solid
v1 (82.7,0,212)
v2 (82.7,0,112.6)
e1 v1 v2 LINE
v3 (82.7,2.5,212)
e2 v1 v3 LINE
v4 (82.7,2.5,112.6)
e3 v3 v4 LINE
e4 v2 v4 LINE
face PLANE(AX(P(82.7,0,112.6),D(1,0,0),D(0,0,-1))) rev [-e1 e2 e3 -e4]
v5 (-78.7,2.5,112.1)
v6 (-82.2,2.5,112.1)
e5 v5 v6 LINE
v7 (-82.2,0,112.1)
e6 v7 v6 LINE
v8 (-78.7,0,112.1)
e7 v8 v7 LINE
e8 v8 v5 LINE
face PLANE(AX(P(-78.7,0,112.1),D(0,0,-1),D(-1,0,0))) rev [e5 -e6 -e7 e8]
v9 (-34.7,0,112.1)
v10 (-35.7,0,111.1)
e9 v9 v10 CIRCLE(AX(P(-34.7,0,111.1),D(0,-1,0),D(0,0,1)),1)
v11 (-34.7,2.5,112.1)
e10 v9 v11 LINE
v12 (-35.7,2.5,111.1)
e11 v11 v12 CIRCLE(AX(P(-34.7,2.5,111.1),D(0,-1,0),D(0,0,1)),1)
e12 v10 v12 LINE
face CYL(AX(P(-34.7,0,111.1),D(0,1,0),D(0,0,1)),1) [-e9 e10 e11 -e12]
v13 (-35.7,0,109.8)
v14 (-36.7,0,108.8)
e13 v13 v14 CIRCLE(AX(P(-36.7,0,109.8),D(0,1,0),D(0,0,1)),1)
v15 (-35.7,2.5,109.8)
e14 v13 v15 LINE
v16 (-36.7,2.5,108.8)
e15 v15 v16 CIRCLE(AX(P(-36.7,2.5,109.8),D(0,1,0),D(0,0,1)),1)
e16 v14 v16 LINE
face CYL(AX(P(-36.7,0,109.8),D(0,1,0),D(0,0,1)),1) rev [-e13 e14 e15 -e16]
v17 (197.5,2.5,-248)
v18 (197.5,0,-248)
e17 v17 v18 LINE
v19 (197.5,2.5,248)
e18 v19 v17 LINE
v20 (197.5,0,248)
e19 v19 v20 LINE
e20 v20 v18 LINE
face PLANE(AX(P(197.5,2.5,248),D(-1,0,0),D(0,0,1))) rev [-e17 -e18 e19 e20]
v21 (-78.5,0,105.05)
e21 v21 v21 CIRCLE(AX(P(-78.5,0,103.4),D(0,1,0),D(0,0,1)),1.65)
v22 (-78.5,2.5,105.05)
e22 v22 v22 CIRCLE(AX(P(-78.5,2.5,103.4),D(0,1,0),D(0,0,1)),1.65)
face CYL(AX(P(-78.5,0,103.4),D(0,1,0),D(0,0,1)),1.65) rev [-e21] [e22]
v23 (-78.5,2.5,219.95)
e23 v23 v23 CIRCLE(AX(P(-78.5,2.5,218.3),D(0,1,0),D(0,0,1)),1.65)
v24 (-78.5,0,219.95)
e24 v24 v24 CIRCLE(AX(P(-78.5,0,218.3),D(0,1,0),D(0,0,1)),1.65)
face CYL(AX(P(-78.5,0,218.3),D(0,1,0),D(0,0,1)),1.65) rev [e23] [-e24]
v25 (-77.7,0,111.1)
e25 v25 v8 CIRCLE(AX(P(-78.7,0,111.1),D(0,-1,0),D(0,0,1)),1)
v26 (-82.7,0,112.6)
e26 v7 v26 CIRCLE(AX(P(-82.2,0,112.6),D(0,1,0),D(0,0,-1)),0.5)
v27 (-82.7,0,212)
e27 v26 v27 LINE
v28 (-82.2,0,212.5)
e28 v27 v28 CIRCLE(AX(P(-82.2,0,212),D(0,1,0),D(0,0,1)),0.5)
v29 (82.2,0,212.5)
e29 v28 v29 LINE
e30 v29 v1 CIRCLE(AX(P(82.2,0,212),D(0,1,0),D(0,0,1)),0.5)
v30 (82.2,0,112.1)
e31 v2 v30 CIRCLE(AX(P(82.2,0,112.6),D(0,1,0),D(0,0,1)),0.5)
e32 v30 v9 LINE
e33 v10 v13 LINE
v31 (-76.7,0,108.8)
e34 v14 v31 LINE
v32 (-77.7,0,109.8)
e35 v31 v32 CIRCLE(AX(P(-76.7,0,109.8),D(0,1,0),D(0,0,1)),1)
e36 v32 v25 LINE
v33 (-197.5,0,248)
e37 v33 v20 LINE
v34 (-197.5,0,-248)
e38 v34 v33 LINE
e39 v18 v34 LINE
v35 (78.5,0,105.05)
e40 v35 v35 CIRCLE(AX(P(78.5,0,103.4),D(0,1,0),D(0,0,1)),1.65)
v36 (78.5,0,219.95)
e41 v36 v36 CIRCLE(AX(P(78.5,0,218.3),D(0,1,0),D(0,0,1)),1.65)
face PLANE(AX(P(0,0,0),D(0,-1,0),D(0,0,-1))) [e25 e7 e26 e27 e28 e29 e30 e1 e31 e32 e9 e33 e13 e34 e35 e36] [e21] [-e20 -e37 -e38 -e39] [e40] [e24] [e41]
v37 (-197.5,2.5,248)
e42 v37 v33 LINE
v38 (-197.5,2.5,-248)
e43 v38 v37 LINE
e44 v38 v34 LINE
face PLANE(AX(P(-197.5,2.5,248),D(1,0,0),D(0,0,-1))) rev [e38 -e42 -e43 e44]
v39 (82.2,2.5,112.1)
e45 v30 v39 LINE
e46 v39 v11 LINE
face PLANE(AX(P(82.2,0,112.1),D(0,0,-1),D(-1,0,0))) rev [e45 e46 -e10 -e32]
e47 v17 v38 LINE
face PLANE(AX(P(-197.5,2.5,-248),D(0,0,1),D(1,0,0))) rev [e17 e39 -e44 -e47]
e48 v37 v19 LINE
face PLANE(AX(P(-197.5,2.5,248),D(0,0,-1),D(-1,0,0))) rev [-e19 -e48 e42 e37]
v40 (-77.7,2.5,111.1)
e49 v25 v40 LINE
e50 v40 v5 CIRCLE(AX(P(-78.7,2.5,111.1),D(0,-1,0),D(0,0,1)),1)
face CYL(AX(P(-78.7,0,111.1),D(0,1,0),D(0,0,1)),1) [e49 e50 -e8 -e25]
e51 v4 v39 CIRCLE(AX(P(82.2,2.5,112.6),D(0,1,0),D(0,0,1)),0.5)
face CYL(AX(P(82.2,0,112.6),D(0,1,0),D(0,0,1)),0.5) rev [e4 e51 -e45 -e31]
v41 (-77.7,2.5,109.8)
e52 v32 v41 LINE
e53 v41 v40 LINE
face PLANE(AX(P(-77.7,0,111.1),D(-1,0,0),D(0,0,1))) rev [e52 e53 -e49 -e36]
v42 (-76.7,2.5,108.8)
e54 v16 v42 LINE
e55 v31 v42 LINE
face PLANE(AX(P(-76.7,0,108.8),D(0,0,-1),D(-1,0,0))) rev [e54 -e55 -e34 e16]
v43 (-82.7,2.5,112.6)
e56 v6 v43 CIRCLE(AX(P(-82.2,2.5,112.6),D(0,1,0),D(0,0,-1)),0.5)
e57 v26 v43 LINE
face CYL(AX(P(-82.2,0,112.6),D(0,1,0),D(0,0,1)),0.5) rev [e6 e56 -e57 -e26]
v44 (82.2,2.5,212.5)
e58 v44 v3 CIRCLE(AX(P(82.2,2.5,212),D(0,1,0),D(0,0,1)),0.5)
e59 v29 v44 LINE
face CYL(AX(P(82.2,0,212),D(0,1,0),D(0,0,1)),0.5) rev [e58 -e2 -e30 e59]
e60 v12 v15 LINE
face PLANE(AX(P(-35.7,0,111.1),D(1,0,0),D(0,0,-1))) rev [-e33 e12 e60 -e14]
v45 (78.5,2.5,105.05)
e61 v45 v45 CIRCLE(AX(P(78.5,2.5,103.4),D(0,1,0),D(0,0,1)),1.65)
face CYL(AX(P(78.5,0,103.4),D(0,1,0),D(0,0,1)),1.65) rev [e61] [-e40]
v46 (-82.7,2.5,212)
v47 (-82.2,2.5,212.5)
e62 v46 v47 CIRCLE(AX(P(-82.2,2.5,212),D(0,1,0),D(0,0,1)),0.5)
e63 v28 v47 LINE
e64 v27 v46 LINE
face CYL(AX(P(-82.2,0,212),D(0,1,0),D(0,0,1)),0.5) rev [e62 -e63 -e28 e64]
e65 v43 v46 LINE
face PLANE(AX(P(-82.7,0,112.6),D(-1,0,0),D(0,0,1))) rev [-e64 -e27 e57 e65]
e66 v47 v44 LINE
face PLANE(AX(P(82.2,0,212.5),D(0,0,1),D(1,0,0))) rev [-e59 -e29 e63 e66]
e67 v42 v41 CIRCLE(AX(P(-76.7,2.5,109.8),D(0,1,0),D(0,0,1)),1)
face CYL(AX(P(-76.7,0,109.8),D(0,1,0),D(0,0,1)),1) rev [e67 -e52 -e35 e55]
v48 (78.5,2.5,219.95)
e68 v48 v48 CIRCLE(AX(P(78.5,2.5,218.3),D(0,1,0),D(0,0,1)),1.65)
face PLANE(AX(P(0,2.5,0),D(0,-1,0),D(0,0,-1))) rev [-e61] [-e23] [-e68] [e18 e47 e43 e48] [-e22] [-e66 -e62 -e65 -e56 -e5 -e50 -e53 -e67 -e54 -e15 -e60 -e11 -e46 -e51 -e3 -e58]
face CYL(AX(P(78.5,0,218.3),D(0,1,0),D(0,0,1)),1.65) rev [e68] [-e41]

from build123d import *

# Parameters (mm, degrees)
SKETCH1_W           = 395
SKETCH1_H           = 496
BOSS_EXTRUDE1_DEPTH = 2.5
CUT_EXTRUDE1_DEPTH  = 2.5
SKETCH6_R           = 1.65
CUT_EXTRUDE2_DEPTH  = 2.5


with BuildPart() as part:
    # Sketch1 → Boss-Extrude1 (new body)
    with BuildSketch(Plane(origin=(0, 0, 0), x_dir=(1, 0, 0), z_dir=(0, 1, 0))):
        Rectangle(SKETCH1_W, SKETCH1_H)
    extrude(amount=BOSS_EXTRUDE1_DEPTH)

    # Sketch4 → Cut-Extrude1 (cut)
    with BuildSketch(Plane(origin=(0, 2.5, 0), x_dir=(1, 0, 0), z_dir=(0, 1, 0))):
        with BuildLine():
            Line((-78.7, -112.1), (-82.2, -112.1))
            ThreePointArc((-82.2, -112.1), (-82.553553391, -112.246446609), (-82.7, -112.6))
            Line((-82.7, -112.6), (-82.7, -212))
            ThreePointArc((-82.7, -212), (-82.553553391, -212.353553391), (-82.2, -212.5))
            Line((-82.2, -212.5), (82.2, -212.5))
            ThreePointArc((82.2, -212.5), (82.553553391, -212.353553391), (82.7, -212))
            Line((82.7, -212), (82.7, -112.6))
            ThreePointArc((82.7, -112.6), (82.553553391, -112.246446609), (82.2, -112.1))
            Line((82.2, -112.1), (-34.7, -112.1))
            ThreePointArc((-34.7, -112.1), (-35.407106781, -111.807106781), (-35.7, -111.1))
            Line((-35.7, -111.1), (-35.7, -109.8))
            ThreePointArc((-35.7, -109.8), (-35.992893219, -109.092893219), (-36.7, -108.8))
            Line((-36.7, -108.8), (-76.7, -108.8))
            ThreePointArc((-76.7, -108.8), (-77.407106781, -109.092893219), (-77.7, -109.8))
            Line((-77.7, -109.8), (-77.7, -111.1))
            ThreePointArc((-77.7, -111.1), (-77.992893219, -111.807106781), (-78.7, -112.1))
        make_face()
    extrude(amount=-CUT_EXTRUDE1_DEPTH, mode=Mode.SUBTRACT)

    # Sketch6 → Cut-Extrude2 (cut)
    with BuildSketch(Plane(origin=(0, 2.5, 0), x_dir=(1, 0, 0), z_dir=(0, 1, 0))):
        with Locations((78.5, -103.4)):
            Circle(SKETCH6_R)
        with Locations((-78.5, -103.4)):
            Circle(SKETCH6_R)
        with Locations((-78.5, -218.3)):
            Circle(SKETCH6_R)
        with Locations((78.5, -218.3)):
            Circle(SKETCH6_R)
    extrude(amount=-CUT_EXTRUDE2_DEPTH, mode=Mode.SUBTRACT)


solid = part.part
